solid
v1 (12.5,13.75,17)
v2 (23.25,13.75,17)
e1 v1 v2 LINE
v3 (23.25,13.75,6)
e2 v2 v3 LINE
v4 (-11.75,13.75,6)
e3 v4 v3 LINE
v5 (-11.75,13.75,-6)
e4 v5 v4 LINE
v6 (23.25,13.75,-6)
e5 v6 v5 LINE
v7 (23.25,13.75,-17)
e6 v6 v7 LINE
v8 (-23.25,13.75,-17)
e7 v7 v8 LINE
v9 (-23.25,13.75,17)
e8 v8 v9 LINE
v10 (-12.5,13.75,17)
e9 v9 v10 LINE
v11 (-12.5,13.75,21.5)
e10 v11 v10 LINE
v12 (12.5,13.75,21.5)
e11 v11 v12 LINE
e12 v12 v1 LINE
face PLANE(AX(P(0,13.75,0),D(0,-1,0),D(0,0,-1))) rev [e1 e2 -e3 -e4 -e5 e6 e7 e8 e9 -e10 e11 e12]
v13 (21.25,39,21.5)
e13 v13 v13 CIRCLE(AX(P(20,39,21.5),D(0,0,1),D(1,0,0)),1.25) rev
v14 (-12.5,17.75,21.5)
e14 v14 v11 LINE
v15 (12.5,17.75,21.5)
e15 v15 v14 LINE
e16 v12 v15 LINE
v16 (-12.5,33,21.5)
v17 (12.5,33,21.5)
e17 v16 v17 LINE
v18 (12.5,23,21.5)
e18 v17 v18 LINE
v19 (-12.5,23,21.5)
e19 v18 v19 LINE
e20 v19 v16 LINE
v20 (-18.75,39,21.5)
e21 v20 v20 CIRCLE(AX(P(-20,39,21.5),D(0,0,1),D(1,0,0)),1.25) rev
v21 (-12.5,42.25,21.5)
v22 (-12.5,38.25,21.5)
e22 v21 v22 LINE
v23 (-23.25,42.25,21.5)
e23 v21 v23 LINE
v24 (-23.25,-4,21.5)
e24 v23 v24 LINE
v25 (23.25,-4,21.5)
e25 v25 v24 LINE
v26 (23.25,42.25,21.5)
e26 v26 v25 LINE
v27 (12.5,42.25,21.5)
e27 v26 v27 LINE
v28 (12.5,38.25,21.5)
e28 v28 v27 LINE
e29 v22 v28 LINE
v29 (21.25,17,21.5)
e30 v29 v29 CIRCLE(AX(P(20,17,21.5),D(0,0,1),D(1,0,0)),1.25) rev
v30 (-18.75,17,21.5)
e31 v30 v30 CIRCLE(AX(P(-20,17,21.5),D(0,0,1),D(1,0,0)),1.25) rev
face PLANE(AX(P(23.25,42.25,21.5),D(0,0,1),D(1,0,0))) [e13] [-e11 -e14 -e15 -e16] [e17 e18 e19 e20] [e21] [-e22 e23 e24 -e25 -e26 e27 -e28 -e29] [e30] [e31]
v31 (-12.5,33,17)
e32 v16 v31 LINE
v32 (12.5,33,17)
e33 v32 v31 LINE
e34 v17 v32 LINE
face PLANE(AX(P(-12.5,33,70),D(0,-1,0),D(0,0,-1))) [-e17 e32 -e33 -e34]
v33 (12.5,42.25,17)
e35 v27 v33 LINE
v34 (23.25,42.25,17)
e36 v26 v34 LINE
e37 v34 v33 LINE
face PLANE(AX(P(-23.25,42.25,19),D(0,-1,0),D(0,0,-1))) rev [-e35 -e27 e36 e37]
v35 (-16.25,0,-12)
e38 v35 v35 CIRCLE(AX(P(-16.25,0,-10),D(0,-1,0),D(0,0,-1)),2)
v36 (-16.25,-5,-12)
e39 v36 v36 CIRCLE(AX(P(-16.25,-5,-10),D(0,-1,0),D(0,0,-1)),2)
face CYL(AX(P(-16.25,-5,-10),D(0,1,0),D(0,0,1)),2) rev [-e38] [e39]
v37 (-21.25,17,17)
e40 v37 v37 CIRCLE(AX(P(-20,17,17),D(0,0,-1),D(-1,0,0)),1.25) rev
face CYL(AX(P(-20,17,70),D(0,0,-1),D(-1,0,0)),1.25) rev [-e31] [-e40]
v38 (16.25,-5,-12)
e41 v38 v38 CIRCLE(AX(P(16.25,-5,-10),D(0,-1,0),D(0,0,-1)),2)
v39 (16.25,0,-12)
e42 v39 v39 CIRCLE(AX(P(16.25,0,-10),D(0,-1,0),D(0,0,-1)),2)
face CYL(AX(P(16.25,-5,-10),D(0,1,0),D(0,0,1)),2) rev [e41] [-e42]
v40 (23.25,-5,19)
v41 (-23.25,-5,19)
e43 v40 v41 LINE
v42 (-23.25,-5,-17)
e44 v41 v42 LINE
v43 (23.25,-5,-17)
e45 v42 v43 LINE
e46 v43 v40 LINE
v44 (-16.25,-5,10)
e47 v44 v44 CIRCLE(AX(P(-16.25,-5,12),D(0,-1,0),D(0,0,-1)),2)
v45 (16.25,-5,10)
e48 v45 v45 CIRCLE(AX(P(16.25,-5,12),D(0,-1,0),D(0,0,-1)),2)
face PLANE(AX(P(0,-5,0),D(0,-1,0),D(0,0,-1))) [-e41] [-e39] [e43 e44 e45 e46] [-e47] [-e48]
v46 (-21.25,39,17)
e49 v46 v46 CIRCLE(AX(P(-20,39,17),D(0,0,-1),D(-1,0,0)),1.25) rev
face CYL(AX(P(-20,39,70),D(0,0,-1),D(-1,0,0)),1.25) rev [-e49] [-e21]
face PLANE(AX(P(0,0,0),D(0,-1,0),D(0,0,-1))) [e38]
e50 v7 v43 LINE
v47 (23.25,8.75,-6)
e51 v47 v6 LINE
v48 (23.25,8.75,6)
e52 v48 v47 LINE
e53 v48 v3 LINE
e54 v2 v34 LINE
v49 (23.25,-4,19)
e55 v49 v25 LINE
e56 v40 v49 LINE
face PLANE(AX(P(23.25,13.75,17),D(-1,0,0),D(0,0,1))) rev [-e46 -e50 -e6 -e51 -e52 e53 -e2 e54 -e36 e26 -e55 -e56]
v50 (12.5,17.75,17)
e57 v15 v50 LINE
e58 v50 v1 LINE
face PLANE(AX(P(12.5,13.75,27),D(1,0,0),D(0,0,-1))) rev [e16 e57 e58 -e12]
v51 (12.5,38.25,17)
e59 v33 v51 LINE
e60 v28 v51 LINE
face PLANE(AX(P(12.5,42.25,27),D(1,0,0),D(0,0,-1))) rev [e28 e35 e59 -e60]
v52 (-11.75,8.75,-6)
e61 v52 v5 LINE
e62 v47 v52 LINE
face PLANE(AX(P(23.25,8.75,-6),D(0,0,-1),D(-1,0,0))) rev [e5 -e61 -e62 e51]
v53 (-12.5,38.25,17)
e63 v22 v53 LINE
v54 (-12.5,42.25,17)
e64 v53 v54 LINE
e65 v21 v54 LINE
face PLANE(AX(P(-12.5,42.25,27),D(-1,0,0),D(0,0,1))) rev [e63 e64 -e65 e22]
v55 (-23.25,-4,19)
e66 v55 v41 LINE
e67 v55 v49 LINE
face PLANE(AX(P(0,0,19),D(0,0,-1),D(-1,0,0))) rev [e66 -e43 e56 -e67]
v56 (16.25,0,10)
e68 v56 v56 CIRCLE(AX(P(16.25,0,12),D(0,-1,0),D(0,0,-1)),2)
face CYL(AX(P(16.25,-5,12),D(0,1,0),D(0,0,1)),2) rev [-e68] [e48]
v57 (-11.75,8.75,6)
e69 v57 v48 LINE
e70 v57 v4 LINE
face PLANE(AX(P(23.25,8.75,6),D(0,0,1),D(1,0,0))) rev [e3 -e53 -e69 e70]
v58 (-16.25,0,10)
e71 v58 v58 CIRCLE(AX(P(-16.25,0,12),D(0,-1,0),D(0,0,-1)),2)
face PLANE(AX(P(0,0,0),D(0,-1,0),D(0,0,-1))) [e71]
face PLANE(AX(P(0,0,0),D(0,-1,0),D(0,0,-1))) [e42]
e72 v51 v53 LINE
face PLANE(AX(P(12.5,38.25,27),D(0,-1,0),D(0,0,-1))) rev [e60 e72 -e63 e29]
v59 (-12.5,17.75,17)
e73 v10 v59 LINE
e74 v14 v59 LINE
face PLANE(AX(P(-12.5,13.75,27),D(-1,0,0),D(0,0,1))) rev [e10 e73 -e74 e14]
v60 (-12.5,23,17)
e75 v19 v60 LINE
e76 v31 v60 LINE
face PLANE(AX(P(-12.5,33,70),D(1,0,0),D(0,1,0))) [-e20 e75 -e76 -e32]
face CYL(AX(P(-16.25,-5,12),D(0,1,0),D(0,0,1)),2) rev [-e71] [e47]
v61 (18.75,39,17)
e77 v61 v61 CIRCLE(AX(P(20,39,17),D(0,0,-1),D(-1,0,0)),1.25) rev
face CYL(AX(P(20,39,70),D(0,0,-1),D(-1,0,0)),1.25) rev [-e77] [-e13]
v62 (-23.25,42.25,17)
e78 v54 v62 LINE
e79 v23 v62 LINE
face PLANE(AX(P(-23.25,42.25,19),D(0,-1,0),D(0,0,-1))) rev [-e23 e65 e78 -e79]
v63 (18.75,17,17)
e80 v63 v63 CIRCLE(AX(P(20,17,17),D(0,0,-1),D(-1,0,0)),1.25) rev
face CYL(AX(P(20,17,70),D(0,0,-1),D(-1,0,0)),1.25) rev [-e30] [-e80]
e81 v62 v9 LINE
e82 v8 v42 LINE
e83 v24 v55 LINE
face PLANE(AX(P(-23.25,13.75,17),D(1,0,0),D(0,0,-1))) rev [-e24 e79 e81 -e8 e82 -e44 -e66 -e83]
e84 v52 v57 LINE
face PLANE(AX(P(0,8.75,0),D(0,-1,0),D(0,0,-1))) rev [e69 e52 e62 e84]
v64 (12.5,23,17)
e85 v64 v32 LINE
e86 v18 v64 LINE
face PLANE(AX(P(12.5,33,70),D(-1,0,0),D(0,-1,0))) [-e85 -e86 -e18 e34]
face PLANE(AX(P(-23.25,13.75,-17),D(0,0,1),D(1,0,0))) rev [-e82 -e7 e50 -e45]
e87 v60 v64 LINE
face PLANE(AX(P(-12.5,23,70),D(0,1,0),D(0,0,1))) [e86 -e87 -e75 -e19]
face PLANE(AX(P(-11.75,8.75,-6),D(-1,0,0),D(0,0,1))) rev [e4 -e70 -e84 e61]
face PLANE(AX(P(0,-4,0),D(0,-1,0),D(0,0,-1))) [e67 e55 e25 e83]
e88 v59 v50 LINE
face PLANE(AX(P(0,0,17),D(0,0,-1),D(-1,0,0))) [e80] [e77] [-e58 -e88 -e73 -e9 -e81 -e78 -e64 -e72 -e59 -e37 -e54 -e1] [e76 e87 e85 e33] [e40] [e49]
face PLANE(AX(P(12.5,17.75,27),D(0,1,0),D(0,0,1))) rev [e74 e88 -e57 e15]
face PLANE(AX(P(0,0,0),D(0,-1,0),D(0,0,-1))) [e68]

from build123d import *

# Parameters (mm, degrees)
SKETCH1_W                      = 46.5
SKETCH1_H                      = 34
BOSS_EXTRUDE1_DEPTH            = 13.75
SKETCH2_W                      = 46.5
SKETCH2_H                      = 42.25
BOSS_EXTRUDE2_DEPTH            = 2
SKETCH4_W                      = 35
SKETCH4_H                      = 12
CUT_EXTRUDE2_DEPTH             = 5
SKETCH6_W                      = 46.5
SKETCH6_H                      = 36
SKETCH6_R                      = 2
BOSS_EXTRUDE3_DEPTH            = 5
SKETCH8_W                      = 46.5
SKETCH8_H                      = 2.5
BOSS_EXTRUDE4_DEPTH            = 46.25
CUT_EXTRUDE1_REACH             = 62.18
SKETCH3_R                      = 1.25
SKETCH3_W                      = 25
SKETCH3_H                      = 10
CUT_EXTRUDE1_DIRECTION_2_DEPTH = 51
SKETCH7_W                      = 25
SKETCH7_H                      = 4
CUT_EXTRUDE3_DEPTH             = 10


with BuildPart() as part:
    # Sketch1 → Boss-Extrude1 (new body)
    with BuildSketch(Plane(origin=(0, 0, 0), x_dir=(1, 0, 0), z_dir=(0, 1, 0))):
        Rectangle(SKETCH1_W, SKETCH1_H)
    extrude(amount=BOSS_EXTRUDE1_DEPTH)

    # Sketch2 → Boss-Extrude2 (add)
    with BuildSketch(Plane.XY.offset(17)):
        with Locations((0, 21.125)):
            Rectangle(SKETCH2_W, SKETCH2_H)
    extrude(amount=BOSS_EXTRUDE2_DEPTH)

    # Sketch4 → Cut-Extrude2 (cut)
    with BuildSketch(Plane(origin=(0, 13.75, 0), x_dir=(1, 0, 0), z_dir=(0, 1, 0))):
        with Locations((5.75, 0)):
            Rectangle(SKETCH4_W, SKETCH4_H)
    extrude(amount=-CUT_EXTRUDE2_DEPTH, mode=Mode.SUBTRACT)

    # Sketch6 → Boss-Extrude3 (add)
    with BuildSketch(Plane.XZ):
        with Locations((0, 1)):
            Rectangle(SKETCH6_W, SKETCH6_H)
        with Locations(Location((16.25, -10, 0), (0, 0, 270))):
            Circle(SKETCH6_R, mode=Mode.SUBTRACT)
        with Locations(Location((-16.25, -10, 0), (0, 0, 270))):
            Circle(SKETCH6_R, mode=Mode.SUBTRACT)
        with Locations(Location((-16.25, 12, 0), (0, 0, 270))):
            Circle(SKETCH6_R, mode=Mode.SUBTRACT)
        with Locations(Location((16.25, 12, 0), (0, 0, 270))):
            Circle(SKETCH6_R, mode=Mode.SUBTRACT)
    extrude(amount=BOSS_EXTRUDE3_DEPTH)

    # Sketch8 → Boss-Extrude4 (add)
    with BuildSketch(Plane(origin=(0, -4, 0), x_dir=(-1, 0, 0), z_dir=(0, -1, 0))):
        with Locations((0, -20.25)):
            Rectangle(SKETCH8_W, SKETCH8_H)
    extrude(amount=-BOSS_EXTRUDE4_DEPTH)

    # Sketch3 → Cut-Extrude1 (cut, up to next)
    with BuildSketch(Plane.XY.offset(19), mode=Mode.PRIVATE) as cut_extrude1_sk1:
        with Locations(Location((-20, 39, 0), (0, 0, 180))):
            Circle(SKETCH3_R)
    cut_extrude1_tool1 = extrude(cut_extrude1_sk1.sketch, amount=-CUT_EXTRUDE1_REACH, mode=Mode.PRIVATE) & part.part
    # Sketch3 → Cut-Extrude1 (cut, up to next)
    with BuildSketch(Plane.XY.offset(19), mode=Mode.PRIVATE) as cut_extrude1_sk2:
        with Locations(Location((20, 39, 0), (0, 0, 180))):
            Circle(SKETCH3_R)
    cut_extrude1_tool2 = extrude(cut_extrude1_sk2.sketch, amount=-CUT_EXTRUDE1_REACH, mode=Mode.PRIVATE) & part.part
    # Sketch3 → Cut-Extrude1 (cut, up to next)
    with BuildSketch(Plane.XY.offset(19), mode=Mode.PRIVATE) as cut_extrude1_sk3:
        with Locations(Location((20, 17, 0), (0, 0, 180))):
            Circle(SKETCH3_R)
    cut_extrude1_tool3 = extrude(cut_extrude1_sk3.sketch, amount=-CUT_EXTRUDE1_REACH, mode=Mode.PRIVATE) & part.part
    # Sketch3 → Cut-Extrude1 (cut, up to next)
    with BuildSketch(Plane.XY.offset(19), mode=Mode.PRIVATE) as cut_extrude1_sk4:
        with Locations(Location((-20, 17, 0), (0, 0, 180))):
            Circle(SKETCH3_R)
    cut_extrude1_tool4 = extrude(cut_extrude1_sk4.sketch, amount=-CUT_EXTRUDE1_REACH, mode=Mode.PRIVATE) & part.part
    # Sketch3 → Cut-Extrude1 (cut, up to next)
    with BuildSketch(Plane.XY.offset(19), mode=Mode.PRIVATE) as cut_extrude1_sk5:
        with Locations((0, 28)):
            Rectangle(SKETCH3_W, SKETCH3_H)
    cut_extrude1_tool5 = extrude(cut_extrude1_sk5.sketch, amount=-CUT_EXTRUDE1_REACH, mode=Mode.PRIVATE) & part.part
    add(cut_extrude1_tool1.solids().sort_by_distance((-20, 39, 19))[0], mode=Mode.SUBTRACT)
    add(cut_extrude1_tool2.solids().sort_by_distance((20, 39, 19))[0], mode=Mode.SUBTRACT)
    add(cut_extrude1_tool3.solids().sort_by_distance((20, 17, 19))[0], mode=Mode.SUBTRACT)
    add(cut_extrude1_tool4.solids().sort_by_distance((-20, 17, 19))[0], mode=Mode.SUBTRACT)
    add(cut_extrude1_tool5.solids().sort_by_distance((0, 28, 19))[0], mode=Mode.SUBTRACT)

    # Sketch3 → Cut-Extrude1 direction 2 (cut)
    with BuildSketch(Plane.XY.offset(19)):
        with Locations(Location((-20, 39, 0), (0, 0, 180))):
            Circle(SKETCH3_R)
        with Locations(Location((20, 39, 0), (0, 0, 180))):
            Circle(SKETCH3_R)
        with Locations(Location((20, 17, 0), (0, 0, 180))):
            Circle(SKETCH3_R)
        with Locations(Location((-20, 17, 0), (0, 0, 180))):
            Circle(SKETCH3_R)
        with Locations((0, 28)):
            Rectangle(SKETCH3_W, SKETCH3_H)
    extrude(amount=CUT_EXTRUDE1_DIRECTION_2_DEPTH, mode=Mode.SUBTRACT)

    # Sketch7 → Cut-Extrude3 (cut)
    with BuildSketch(Plane(origin=(0, 0, 17), x_dir=(-1, 0, 0), z_dir=(0, 0, -1))):
        with Locations((0, 15.75)):
            Rectangle(SKETCH7_W, SKETCH7_H)
        with Locations((0, 40.25)):
            Rectangle(SKETCH7_W, SKETCH7_H)
    extrude(amount=-CUT_EXTRUDE3_DEPTH, mode=Mode.SUBTRACT)


solid = part.part
